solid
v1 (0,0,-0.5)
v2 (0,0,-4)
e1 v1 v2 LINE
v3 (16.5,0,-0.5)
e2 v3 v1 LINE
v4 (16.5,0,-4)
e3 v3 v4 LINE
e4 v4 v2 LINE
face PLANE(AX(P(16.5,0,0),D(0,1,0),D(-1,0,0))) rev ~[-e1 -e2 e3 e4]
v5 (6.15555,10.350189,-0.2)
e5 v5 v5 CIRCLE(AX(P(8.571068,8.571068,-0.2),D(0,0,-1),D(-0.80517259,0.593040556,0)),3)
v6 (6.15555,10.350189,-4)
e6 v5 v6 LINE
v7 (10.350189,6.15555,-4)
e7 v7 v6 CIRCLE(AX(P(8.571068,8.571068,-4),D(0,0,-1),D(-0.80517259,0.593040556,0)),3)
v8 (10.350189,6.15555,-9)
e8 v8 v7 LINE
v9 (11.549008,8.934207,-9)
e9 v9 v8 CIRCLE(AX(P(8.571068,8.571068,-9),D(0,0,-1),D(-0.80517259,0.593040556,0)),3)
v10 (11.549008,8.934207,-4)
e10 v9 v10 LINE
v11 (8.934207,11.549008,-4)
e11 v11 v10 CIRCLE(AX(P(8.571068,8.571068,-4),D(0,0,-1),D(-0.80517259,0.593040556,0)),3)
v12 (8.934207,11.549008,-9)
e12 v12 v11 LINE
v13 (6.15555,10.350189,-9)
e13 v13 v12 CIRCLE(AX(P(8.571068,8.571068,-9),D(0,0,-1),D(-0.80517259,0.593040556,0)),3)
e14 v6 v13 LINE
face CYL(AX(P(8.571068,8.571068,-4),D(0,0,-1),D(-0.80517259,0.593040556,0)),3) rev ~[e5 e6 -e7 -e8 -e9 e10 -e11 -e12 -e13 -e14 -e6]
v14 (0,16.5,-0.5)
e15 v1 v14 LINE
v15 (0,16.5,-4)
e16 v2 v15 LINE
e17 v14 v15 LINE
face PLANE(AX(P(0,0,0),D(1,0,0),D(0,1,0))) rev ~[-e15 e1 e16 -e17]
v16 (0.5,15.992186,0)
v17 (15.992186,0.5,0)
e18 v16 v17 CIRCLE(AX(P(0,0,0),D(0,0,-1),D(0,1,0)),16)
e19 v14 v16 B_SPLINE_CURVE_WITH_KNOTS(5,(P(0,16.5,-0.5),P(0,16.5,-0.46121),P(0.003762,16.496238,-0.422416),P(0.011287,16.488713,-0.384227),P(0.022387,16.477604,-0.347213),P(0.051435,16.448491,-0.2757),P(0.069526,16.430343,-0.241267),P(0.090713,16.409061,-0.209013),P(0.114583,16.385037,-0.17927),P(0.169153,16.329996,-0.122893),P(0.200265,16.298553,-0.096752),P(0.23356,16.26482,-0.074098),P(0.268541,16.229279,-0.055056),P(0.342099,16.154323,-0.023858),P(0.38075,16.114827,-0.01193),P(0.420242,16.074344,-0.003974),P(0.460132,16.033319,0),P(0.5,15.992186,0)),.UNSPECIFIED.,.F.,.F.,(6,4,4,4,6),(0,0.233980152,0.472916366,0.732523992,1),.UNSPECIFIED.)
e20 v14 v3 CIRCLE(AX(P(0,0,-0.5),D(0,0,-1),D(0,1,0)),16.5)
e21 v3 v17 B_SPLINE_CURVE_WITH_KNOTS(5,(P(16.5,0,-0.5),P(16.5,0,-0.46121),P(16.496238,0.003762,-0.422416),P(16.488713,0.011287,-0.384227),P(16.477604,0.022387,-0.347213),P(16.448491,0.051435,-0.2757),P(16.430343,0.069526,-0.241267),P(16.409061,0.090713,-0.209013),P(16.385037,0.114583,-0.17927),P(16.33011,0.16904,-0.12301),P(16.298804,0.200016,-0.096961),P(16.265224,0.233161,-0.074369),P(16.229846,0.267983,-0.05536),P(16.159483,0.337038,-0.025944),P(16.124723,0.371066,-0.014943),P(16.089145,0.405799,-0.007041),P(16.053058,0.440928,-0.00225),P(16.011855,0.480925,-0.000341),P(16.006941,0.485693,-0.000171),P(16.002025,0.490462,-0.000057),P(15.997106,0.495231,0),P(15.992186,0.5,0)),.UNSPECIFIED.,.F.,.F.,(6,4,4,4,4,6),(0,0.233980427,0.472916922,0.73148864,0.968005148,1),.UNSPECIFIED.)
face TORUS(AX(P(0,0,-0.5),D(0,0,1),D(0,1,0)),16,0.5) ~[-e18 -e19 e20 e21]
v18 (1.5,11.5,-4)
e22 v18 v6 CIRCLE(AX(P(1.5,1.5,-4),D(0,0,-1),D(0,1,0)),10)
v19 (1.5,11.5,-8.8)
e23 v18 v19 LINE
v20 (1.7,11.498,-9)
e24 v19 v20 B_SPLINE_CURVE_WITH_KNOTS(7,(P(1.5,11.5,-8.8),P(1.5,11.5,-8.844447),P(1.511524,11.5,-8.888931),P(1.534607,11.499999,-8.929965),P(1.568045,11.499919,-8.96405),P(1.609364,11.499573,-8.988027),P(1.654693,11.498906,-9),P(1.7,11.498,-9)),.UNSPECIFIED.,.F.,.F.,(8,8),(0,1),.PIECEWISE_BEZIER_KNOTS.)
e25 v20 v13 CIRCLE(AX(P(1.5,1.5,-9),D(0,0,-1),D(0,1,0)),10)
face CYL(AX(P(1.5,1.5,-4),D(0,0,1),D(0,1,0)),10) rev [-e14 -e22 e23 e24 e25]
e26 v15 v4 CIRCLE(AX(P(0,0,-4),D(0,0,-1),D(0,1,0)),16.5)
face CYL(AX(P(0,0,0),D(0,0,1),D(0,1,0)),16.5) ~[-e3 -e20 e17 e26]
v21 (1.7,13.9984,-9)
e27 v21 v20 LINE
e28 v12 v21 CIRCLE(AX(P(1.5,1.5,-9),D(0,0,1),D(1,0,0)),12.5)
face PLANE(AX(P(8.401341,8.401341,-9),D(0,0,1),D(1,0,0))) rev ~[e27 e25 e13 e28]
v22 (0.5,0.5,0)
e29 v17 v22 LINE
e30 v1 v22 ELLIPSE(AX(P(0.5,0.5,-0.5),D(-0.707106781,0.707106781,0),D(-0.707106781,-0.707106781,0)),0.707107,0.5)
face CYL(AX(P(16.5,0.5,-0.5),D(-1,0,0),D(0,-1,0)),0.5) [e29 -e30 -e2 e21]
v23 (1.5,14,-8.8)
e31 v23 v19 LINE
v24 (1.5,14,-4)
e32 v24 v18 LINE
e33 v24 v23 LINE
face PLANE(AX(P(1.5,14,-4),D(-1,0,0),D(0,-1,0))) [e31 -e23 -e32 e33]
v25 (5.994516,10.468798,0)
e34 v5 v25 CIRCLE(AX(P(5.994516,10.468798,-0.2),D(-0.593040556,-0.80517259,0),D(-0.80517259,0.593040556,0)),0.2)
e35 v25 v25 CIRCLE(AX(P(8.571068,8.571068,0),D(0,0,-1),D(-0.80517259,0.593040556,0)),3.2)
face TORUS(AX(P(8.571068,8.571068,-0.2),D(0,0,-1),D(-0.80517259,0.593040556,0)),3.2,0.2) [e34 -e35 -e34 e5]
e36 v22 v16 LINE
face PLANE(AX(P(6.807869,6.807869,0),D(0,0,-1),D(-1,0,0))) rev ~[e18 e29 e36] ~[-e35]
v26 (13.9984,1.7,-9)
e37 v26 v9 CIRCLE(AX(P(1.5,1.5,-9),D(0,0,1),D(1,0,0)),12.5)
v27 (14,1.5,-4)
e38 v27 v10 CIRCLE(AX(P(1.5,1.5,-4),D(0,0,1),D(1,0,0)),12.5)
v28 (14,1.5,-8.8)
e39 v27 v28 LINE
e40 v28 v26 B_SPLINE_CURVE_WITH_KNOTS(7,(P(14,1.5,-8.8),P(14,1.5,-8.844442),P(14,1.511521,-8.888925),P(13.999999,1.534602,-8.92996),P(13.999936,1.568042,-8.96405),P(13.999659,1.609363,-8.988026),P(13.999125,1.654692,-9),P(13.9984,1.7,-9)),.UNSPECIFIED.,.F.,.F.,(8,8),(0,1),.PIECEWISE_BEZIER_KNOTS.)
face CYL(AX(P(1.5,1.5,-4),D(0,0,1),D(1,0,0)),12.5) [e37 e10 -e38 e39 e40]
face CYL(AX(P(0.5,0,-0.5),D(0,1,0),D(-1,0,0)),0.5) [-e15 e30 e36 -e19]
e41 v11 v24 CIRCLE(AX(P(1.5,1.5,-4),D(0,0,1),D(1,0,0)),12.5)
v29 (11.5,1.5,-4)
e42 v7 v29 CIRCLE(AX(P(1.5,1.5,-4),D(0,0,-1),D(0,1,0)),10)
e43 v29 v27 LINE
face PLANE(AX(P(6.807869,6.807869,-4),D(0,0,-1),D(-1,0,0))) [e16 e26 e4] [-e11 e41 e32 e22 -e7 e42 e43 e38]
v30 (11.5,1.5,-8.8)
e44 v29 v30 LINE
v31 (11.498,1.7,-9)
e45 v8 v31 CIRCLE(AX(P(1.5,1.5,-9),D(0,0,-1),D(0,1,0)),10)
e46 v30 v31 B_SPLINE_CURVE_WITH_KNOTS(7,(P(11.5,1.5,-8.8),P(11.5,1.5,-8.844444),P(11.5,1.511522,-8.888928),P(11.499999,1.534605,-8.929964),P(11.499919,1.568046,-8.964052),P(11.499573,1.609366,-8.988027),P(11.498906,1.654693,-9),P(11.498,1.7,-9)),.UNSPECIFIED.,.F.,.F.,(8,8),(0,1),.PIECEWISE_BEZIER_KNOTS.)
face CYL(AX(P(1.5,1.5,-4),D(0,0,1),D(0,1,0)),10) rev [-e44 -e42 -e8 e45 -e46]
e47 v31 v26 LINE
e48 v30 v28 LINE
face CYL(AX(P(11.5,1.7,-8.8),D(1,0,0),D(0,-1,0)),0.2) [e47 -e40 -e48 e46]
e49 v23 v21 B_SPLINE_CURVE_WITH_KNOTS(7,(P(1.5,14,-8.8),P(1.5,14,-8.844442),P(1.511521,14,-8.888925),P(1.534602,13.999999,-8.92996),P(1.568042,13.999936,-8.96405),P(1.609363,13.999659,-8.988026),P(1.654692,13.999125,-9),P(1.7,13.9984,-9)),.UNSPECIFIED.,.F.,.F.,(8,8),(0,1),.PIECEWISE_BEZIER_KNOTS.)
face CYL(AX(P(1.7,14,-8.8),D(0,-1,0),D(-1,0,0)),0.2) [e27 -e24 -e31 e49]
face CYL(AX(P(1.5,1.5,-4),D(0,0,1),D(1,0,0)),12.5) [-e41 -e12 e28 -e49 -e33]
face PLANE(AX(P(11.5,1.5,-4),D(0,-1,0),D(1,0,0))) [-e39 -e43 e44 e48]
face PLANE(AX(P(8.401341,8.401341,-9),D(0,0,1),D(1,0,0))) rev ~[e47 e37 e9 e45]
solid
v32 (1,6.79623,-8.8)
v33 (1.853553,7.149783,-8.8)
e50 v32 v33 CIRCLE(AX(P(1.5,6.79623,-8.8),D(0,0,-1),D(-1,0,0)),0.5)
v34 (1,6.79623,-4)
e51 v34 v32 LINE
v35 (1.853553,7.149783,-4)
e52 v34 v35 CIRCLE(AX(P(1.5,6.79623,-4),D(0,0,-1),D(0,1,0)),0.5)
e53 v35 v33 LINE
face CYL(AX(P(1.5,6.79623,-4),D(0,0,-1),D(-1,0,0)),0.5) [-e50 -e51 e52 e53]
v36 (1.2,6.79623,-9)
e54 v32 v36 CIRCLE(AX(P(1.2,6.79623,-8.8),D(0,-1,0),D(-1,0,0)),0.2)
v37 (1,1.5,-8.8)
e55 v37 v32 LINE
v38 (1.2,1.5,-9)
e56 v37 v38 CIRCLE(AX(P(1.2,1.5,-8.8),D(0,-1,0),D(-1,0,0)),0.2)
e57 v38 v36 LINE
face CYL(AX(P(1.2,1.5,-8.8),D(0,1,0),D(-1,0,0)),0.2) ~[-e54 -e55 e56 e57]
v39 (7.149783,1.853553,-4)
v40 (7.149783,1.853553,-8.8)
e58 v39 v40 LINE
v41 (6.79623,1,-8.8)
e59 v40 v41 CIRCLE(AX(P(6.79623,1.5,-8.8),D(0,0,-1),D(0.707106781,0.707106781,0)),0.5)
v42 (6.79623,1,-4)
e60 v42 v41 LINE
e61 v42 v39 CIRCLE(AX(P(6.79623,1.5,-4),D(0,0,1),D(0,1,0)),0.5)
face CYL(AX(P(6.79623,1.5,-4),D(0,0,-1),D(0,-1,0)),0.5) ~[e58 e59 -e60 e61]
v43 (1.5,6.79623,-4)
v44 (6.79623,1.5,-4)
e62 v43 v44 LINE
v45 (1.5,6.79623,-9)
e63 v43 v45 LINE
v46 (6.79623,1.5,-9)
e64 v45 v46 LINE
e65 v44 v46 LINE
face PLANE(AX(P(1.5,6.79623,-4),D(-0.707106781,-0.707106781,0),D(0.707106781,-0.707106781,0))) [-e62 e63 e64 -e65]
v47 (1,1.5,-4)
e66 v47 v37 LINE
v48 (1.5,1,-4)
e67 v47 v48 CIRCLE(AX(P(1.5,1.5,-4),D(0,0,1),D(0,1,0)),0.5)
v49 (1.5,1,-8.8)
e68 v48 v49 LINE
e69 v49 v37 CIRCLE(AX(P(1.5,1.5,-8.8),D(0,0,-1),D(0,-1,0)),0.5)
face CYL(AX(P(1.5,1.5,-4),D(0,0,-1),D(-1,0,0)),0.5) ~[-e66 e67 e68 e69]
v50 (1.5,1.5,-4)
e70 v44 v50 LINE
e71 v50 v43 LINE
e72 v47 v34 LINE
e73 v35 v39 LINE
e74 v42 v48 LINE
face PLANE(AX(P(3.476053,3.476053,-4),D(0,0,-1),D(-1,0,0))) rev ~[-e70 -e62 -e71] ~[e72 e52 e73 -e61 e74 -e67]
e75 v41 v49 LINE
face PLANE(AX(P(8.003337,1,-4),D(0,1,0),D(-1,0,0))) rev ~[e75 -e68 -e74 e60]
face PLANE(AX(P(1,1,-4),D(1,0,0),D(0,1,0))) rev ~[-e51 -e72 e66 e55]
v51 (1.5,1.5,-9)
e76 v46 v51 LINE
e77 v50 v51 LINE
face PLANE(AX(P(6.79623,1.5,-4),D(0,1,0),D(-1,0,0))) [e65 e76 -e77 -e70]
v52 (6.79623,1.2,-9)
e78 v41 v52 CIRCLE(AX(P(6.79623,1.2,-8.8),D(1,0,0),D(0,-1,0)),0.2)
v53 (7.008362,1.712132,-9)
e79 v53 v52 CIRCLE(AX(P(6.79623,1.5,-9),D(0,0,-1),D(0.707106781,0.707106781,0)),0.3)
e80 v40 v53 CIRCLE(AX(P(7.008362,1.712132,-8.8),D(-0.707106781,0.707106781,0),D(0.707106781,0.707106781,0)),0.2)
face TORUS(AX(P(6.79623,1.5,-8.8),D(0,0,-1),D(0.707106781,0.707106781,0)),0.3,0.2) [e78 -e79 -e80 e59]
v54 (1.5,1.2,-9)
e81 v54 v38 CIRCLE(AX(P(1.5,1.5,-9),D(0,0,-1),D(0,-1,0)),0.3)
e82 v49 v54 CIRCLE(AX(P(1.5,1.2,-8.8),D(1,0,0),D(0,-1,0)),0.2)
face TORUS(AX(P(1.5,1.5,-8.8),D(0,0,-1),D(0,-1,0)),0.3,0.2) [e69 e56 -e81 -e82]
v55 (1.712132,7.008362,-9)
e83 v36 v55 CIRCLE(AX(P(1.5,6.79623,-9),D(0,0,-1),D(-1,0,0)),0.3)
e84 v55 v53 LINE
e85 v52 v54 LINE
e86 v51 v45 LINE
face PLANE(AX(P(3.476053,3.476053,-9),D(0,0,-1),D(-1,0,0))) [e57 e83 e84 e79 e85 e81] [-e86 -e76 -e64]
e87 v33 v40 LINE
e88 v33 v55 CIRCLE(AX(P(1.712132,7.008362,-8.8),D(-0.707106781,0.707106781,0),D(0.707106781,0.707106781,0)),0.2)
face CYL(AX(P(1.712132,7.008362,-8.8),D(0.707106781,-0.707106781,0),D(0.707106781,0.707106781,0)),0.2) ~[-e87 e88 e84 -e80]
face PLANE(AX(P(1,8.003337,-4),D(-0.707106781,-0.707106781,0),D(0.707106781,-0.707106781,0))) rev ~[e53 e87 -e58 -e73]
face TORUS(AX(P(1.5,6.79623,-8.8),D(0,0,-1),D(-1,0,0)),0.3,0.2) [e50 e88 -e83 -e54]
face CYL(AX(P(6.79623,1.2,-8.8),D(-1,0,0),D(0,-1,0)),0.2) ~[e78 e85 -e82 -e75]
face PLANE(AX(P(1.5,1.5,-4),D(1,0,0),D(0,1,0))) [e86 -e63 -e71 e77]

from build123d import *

# Parameters (mm, degrees)
BOSS_EXTRUDE2_DEPTH = 4
FILLET1_R           = 0.5
BOSS_EXTRUDE3_DEPTH = 5
EXTRUDE_THIN1_DEPTH = 5
FILLET5_R           = 0.5
FILLET6_R           = 0.2
FILLET7_R           = 0.2
SKETCH4_R           = 3
CUT_EXTRUDE1_DEPTH  = 7.5
FILLET8_R           = 0.2


with BuildPart() as part:
    # Sketch1 → Boss-Extrude2 (new body)
    with BuildSketch(Plane.XY):
        with BuildLine():
            Line((0, 16.5), (0, 0))
            Line((0, 0), (16.5, 0))
            ThreePointArc((16.5, 0), (11.66726189, 11.66726189), (0, 16.5))
        make_face()
    extrude(amount=-BOSS_EXTRUDE2_DEPTH)

    # Fillet1
    fillet1_edges = [part.edges().sort_by_distance(p)[0] for p in [
        (8.25, 0, 0),
        (0, 8.25, 0),
        (11.66726189, 11.66726189, 0),
    ]]
    fillet(fillet1_edges, radius=FILLET1_R)

    # Sketch2 → Boss-Extrude3 (add)
    with BuildSketch(Plane(origin=(0, 0, -4), x_dir=(-1, 0, 0), z_dir=(0, 0, -1))):
        with BuildLine():
            Line((-1.5, 14), (-1.5, 11.5))
            ThreePointArc((-1.5, 11.5), (-8.571067812, 8.571067812), (-11.5, 1.5))
            Line((-11.5, 1.5), (-14, 1.5))
            ThreePointArc((-14, 1.5), (-10.338834765, 10.338834765), (-1.5, 14))
        make_face()
    extrude(amount=BOSS_EXTRUDE3_DEPTH)

    # Fillet6
    fillet6_edges = [part.edges().sort_by_distance(p)[0] for p in [
        (1.5, 12.75, -9),
        (12.75, 1.5, -9),
    ]]
    fillet(fillet6_edges, radius=FILLET6_R)

    # Sketch4 → Cut-Extrude1 (cut, symmetric)
    with BuildSketch(Plane(origin=(0, 0, -4), x_dir=(-1, 0, 0), z_dir=(0, 0, -1))):
        with Locations((-8.571067812, 8.571067812)):
            Circle(SKETCH4_R)
    extrude(amount=CUT_EXTRUDE1_DEPTH, both=True, mode=Mode.SUBTRACT)

    # Fillet8
    fillet8_edges = [part.edges().sort_by_distance(p)[0] for p in [
        (11.571067812, 8.571067812, 0),
    ]]
    fillet(fillet8_edges, radius=FILLET8_R)


with BuildPart() as body_2:
    # Sketch2<3> → Extrude-Thin1 (new body)
    with BuildSketch(Plane(origin=(0, 0, -4), x_dir=(-1, 0, 0), z_dir=(0, 0, -1))):
        Polygon((-1, 1), (-1, 8.003336572), (-8.003336572, 1), align=None)
        Polygon((-1.5, 1.5), (-1.5, 6.796229791), (-6.796229791, 1.5), align=None, mode=Mode.SUBTRACT)
    extrude(amount=EXTRUDE_THIN1_DEPTH)

    # Fillet5
    fillet5_edges = [body_2.edges().sort_by_distance(p)[0] for p in [
        (1, 1, -6.5),
        (1, 8.003336572, -6.5),
        (8.003336572, 1, -6.5),
    ]]
    fillet(fillet5_edges, radius=FILLET5_R)

    # Fillet7
    fillet7_edges = [body_2.edges().sort_by_distance(p)[0] for p in [
        (7.258169557, 1.308658284, -9),
        (4.501668286, 4.501668286, -9),
        (1.308658284, 7.258169557, -9),
        (1, 4.148114896, -9),
        (1.146446609, 1.146446609, -9),
        (4.148114896, 1, -9),
    ]]
    fillet(fillet7_edges, radius=FILLET7_R)


solid = Compound([part.part, body_2.part])
